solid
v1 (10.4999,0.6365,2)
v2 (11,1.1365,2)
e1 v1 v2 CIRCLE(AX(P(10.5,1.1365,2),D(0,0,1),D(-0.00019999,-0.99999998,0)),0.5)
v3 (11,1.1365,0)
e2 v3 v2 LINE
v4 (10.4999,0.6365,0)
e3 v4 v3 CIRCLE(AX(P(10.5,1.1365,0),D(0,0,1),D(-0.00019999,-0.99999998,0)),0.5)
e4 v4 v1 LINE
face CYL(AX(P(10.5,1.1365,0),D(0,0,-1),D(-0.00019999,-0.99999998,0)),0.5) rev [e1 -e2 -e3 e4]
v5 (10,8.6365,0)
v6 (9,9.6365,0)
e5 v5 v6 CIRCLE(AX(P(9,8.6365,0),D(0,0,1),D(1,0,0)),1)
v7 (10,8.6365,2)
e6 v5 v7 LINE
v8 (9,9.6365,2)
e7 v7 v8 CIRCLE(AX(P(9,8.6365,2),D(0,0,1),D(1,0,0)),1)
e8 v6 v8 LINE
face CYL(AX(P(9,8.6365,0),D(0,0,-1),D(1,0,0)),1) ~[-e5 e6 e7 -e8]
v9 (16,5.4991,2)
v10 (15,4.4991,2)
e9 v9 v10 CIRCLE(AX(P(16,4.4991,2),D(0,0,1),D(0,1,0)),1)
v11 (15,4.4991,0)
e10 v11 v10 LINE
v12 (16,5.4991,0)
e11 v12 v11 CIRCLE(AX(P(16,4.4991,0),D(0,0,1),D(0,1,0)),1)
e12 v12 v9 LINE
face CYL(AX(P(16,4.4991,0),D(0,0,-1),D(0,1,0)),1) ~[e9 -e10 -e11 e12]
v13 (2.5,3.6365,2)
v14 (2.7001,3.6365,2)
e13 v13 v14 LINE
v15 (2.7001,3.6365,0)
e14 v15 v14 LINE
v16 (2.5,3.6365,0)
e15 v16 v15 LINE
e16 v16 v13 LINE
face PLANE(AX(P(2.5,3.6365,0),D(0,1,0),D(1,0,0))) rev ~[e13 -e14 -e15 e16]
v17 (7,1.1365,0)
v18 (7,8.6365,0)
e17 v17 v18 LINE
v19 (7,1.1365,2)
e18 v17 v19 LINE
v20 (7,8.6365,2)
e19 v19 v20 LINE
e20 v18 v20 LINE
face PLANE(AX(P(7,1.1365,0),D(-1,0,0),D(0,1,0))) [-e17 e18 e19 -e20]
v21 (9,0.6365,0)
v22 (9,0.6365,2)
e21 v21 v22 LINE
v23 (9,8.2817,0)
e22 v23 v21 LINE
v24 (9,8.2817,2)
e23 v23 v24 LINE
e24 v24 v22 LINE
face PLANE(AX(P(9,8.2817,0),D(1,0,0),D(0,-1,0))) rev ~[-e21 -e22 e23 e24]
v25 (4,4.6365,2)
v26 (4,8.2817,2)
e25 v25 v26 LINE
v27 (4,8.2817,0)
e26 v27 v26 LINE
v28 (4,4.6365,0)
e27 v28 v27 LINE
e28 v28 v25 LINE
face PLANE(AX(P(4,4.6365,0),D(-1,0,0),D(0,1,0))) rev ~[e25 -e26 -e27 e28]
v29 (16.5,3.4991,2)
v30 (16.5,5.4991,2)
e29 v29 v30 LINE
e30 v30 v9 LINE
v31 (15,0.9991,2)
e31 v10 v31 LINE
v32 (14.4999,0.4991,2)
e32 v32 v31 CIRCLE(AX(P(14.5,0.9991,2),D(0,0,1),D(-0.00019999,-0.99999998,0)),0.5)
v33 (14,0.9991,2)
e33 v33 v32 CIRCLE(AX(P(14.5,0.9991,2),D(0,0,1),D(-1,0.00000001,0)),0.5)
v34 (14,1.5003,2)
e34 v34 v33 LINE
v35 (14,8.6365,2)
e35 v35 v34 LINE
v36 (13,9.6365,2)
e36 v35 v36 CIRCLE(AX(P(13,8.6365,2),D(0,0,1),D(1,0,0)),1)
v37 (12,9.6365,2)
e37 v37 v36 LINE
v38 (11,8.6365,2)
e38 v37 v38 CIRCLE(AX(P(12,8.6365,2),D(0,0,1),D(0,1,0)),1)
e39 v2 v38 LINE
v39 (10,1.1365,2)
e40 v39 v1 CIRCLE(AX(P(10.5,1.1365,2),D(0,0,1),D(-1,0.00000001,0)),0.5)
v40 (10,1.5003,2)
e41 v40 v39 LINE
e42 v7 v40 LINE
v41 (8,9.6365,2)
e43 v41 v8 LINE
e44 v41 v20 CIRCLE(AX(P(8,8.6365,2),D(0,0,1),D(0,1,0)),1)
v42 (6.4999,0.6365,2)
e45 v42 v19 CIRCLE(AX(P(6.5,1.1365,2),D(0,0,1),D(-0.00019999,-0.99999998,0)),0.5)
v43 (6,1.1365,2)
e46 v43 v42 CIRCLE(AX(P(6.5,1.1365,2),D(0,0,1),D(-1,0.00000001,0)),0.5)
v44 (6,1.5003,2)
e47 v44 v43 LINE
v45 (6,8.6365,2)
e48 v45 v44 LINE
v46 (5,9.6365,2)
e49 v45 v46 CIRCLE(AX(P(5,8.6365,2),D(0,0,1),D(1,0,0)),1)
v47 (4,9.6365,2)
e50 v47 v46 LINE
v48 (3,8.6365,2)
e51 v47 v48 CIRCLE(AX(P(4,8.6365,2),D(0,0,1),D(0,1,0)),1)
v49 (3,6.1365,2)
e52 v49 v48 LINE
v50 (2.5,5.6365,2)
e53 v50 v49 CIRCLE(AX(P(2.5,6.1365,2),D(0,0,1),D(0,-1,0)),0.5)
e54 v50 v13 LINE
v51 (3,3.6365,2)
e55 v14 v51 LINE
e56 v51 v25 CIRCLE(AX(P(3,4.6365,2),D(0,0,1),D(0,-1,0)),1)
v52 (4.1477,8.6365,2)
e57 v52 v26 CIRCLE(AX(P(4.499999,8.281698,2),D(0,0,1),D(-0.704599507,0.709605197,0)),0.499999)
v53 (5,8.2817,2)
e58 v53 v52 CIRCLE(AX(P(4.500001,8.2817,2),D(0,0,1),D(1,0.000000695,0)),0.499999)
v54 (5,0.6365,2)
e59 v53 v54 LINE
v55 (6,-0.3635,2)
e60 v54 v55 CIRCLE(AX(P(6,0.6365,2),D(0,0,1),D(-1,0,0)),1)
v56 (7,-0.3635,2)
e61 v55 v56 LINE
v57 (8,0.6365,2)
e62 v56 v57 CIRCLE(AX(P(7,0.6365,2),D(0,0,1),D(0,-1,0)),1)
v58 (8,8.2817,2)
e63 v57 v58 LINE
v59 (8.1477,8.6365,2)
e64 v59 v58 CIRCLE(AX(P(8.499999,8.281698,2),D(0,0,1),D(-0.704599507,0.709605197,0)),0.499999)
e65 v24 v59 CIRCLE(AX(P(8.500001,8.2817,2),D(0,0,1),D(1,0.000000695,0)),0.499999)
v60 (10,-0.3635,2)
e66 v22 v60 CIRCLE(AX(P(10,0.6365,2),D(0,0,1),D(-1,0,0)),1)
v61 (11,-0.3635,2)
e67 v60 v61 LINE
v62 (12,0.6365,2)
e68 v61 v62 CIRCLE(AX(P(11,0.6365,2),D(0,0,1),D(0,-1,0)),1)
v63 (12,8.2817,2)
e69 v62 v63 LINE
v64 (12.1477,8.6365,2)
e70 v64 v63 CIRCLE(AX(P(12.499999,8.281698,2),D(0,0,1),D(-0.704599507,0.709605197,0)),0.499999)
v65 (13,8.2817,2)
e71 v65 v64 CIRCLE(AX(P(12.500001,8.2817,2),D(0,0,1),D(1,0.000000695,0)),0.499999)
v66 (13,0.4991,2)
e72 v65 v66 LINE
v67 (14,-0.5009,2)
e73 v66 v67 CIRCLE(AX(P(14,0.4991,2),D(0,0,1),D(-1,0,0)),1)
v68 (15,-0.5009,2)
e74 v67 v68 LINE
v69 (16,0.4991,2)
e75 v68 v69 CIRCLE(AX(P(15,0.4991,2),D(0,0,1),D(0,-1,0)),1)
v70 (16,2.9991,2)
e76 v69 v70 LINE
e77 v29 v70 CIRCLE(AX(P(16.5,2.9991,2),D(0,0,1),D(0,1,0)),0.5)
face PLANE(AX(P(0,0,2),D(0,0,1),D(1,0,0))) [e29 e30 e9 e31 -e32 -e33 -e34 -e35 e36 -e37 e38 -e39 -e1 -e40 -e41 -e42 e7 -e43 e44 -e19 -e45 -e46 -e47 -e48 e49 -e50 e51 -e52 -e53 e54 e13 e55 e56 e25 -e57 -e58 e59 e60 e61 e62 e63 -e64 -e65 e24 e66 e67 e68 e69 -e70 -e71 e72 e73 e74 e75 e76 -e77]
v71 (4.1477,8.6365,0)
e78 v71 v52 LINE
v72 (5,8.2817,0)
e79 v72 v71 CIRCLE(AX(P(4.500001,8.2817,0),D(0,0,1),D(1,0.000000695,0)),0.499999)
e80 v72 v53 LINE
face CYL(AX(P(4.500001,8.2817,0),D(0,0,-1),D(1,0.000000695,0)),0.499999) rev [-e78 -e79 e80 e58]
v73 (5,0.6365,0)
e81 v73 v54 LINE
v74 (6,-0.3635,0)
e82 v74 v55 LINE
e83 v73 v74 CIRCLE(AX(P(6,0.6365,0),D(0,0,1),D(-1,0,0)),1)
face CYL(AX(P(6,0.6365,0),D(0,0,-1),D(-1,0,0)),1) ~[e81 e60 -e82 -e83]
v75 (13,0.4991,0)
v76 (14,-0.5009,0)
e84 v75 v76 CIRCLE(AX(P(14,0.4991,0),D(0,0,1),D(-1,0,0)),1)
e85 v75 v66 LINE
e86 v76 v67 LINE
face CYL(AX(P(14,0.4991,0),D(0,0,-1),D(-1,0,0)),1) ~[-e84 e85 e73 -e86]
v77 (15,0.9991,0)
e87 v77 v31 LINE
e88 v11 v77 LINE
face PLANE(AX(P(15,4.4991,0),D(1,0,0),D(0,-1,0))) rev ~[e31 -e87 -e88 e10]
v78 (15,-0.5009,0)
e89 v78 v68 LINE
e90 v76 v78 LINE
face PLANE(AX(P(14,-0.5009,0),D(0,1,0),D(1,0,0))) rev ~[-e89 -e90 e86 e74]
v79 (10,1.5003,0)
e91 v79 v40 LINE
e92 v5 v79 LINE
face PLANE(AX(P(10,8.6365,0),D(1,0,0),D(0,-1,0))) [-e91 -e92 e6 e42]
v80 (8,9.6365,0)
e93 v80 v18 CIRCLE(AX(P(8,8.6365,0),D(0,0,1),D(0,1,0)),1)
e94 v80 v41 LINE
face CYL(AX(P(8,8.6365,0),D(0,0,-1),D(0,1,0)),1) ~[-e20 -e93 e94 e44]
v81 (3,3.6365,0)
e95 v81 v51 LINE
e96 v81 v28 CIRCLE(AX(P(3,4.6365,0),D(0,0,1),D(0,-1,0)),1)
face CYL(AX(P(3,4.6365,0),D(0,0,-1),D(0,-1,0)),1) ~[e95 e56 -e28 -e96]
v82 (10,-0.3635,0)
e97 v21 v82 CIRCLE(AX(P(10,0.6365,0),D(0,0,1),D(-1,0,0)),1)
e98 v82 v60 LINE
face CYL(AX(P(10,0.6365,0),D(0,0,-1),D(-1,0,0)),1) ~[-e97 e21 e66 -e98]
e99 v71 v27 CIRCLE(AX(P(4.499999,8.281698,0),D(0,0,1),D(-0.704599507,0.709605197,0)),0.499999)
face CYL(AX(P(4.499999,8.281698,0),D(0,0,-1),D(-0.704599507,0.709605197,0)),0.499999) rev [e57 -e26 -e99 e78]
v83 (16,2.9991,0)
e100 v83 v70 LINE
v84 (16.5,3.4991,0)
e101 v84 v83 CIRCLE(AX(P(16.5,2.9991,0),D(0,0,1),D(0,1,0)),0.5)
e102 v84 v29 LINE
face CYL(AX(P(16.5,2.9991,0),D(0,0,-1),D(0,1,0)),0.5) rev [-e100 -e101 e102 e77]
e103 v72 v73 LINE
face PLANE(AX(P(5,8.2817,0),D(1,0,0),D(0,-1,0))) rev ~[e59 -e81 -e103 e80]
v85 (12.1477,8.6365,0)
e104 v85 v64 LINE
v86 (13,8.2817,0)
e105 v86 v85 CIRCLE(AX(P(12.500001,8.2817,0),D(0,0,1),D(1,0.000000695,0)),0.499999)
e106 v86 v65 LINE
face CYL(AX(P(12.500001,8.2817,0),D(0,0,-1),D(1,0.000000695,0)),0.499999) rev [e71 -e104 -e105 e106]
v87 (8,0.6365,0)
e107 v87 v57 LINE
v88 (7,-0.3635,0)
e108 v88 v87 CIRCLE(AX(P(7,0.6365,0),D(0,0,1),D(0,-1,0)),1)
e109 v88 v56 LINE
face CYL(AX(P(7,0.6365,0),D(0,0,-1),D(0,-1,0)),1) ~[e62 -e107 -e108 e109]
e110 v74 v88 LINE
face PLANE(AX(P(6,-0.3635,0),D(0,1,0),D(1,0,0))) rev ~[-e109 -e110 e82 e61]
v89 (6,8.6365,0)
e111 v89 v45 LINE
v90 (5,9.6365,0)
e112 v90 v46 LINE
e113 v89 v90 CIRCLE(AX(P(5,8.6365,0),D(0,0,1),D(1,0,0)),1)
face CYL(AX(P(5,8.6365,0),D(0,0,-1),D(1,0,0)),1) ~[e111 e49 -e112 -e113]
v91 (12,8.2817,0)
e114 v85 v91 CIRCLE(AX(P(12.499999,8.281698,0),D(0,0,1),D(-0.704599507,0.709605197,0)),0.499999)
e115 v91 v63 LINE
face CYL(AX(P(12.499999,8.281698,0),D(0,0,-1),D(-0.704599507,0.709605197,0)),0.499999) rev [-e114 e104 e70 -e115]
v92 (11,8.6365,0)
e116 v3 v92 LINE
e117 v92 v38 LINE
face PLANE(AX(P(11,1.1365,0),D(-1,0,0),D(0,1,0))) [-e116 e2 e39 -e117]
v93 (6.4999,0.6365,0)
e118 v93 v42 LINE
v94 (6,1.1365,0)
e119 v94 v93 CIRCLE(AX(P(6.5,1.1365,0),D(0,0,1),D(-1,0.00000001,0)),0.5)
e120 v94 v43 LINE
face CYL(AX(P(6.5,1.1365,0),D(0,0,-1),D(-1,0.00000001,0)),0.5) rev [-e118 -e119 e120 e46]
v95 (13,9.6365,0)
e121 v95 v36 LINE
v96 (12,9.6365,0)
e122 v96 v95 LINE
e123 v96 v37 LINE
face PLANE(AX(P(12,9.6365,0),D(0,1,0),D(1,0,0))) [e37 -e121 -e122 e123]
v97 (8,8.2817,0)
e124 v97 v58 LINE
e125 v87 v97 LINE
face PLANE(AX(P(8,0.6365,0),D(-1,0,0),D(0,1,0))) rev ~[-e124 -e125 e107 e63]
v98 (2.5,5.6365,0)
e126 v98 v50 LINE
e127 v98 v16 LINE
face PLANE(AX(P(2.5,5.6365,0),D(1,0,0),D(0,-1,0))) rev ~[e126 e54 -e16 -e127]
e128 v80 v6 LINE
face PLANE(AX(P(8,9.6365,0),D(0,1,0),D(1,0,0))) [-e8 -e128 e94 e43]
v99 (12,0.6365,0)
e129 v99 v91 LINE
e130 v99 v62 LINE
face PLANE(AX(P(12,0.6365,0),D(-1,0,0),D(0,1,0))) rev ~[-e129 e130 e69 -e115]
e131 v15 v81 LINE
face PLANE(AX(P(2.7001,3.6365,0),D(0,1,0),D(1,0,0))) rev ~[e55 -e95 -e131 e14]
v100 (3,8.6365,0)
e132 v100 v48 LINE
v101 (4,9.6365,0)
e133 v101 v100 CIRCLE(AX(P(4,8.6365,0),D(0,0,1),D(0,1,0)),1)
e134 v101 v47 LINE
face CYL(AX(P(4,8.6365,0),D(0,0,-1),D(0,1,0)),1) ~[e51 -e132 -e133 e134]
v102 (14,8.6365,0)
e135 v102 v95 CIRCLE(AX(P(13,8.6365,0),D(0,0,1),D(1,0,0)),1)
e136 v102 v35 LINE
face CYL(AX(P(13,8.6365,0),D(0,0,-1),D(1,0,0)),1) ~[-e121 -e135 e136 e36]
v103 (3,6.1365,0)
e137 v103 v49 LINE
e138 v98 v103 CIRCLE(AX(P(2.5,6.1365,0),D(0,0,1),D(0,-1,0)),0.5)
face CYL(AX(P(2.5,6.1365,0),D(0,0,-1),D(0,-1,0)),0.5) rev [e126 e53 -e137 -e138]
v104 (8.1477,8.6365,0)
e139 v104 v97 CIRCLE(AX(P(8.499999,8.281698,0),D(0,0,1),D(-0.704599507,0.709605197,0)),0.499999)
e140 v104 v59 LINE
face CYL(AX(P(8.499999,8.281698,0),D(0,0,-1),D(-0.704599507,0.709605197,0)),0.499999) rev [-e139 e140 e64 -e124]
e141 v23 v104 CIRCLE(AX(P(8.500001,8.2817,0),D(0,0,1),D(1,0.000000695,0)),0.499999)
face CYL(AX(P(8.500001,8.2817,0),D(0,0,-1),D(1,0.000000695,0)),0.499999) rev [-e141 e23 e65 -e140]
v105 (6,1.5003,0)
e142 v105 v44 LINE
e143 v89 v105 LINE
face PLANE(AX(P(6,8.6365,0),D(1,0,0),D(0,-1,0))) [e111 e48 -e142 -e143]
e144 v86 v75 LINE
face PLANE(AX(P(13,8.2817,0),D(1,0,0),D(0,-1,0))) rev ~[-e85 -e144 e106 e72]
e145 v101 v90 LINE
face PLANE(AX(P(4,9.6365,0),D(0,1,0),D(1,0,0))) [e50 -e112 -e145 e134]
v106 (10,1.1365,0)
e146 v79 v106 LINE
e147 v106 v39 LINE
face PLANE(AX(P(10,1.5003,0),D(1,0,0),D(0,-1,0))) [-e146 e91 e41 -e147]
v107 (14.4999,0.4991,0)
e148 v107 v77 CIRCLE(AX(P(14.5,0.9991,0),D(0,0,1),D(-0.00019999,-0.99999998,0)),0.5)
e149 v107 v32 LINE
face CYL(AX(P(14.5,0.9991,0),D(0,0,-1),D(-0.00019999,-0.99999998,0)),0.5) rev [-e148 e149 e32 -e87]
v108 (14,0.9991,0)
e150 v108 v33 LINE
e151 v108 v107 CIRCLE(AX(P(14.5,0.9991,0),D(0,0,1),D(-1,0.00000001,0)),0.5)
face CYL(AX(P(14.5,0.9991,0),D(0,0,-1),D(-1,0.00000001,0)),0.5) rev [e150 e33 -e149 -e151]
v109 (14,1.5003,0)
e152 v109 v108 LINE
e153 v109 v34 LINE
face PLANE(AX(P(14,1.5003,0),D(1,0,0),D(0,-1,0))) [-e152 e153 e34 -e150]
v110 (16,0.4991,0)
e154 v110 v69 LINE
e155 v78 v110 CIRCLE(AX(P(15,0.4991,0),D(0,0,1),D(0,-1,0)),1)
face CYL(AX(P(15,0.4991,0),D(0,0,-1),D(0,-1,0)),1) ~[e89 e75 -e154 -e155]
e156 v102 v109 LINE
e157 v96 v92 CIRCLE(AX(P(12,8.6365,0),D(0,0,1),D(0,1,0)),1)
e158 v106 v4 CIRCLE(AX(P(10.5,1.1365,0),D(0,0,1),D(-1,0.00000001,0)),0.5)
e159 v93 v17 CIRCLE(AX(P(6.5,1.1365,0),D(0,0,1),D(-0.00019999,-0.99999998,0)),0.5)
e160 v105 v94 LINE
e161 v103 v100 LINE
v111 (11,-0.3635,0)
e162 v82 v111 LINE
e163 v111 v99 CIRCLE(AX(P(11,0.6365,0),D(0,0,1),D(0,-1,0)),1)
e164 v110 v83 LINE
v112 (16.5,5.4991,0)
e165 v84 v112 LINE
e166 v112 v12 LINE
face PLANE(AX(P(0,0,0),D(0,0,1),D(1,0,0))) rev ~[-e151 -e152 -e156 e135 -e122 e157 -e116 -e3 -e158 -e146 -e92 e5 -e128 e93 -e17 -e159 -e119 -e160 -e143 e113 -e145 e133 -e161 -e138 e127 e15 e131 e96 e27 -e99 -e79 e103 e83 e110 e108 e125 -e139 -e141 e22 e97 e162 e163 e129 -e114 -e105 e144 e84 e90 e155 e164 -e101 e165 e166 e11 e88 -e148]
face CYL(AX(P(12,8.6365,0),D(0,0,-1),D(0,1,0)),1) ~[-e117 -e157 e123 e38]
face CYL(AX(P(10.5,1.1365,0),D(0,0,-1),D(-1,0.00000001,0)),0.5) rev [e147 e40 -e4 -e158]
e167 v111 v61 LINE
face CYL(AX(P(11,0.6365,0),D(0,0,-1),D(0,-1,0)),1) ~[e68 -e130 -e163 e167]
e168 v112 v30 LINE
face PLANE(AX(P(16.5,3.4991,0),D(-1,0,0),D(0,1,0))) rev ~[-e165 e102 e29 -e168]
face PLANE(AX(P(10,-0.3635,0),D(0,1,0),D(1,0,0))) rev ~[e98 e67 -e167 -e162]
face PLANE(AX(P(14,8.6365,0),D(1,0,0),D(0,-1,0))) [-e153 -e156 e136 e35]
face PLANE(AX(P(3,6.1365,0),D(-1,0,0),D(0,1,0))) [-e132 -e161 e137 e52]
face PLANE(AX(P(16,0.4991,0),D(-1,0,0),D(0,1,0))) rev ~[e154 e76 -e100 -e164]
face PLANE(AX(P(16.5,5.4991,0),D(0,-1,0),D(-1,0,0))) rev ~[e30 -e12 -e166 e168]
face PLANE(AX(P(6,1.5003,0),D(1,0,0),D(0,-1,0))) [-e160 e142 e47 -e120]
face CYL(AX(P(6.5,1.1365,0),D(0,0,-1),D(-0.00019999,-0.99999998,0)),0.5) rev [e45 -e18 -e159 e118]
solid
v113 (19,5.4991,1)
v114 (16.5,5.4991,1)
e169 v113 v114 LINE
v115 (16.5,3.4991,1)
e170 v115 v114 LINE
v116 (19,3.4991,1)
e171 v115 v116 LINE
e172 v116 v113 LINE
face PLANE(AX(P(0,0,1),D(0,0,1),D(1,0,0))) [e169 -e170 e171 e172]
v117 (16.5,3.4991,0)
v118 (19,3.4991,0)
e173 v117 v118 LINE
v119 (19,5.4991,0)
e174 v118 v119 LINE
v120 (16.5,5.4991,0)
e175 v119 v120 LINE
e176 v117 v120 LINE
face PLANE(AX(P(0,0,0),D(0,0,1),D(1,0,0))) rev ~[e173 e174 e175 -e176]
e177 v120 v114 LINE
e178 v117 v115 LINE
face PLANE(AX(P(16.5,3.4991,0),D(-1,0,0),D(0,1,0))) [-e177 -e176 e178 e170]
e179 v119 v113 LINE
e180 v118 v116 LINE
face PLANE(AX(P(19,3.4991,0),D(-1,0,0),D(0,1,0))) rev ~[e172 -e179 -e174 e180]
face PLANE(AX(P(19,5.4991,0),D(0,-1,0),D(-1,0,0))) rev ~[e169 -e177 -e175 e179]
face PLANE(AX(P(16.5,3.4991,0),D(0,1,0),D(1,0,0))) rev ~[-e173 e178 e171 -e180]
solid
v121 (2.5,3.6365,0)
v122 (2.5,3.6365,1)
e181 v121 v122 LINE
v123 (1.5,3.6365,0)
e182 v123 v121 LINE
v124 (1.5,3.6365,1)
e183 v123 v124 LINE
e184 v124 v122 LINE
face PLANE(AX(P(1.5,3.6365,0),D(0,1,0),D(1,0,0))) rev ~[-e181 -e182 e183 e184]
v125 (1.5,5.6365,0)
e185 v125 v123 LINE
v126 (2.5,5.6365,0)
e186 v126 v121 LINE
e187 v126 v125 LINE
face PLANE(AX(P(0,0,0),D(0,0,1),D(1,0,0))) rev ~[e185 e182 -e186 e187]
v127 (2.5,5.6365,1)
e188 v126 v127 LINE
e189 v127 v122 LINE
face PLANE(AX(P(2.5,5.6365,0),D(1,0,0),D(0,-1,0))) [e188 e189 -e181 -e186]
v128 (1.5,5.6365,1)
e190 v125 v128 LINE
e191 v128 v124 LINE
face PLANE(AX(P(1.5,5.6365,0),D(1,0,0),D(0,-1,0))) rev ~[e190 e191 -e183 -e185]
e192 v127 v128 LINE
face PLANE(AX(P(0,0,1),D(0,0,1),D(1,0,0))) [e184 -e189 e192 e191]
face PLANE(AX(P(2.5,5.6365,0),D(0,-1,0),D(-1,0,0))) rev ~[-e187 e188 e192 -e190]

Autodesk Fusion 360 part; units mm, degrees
sketch "Sketch1" plane through (0, 0, 0) normal (0, 0, 1) x (1, 0, 0)
  line L0 (2.5, 5.6365) -> (1.5, 5.6365)
  line L1 (1.5, 5.6365) -> (1.5, 3.6365)
  line L2 (1.5, 3.6365) -> (2.7001, 3.6365)
  line L3 (2.7001, 3.6365) -> (3, 3.6365)
  line L4 (4, 4.6365) -> (4, 8.2817)
  line L5 (5, 8.2817) -> (5, 0.6365)
  line L6 (3, 6.1365) -> (3, 8.6365)
  line L7 (4, 9.6365) -> (5, 9.6365)
  line L8 (6, 8.6365) -> (6, 1.5003)
  arc A0 (3, 3.6365) -> (4, 4.6365) centre (3, 4.6365) ccw
  arc A1 (4, 9.6365) -> (3, 8.6365) centre (4, 8.6365) ccw
  arc A2 (6, 8.6365) -> (5, 9.6365) centre (5, 8.6365) ccw
  arc A3 (4.1477, 8.6365) -> (4, 8.2817) centre (4.5, 8.2817) ccw
  arc A4 (5, 8.2817) -> (4.1477, 8.6365) centre (4.5, 8.2817) ccw
  line L9 (6, 1.5003) -> (6, 1.1365)
  line L10 (6, -0.3635) -> (7, -0.3635)
  arc A5 (5, 0.6365) -> (6, -0.3635) centre (6, 0.6365) ccw
  arc A6 (6, 1.1365) -> (6.4999, 0.6365) centre (6.5, 1.1365) ccw
  line L11 (7, 1.1365) -> (7, 8.6365)
  arc A7 (6.4999, 0.6365) -> (7, 1.1365) centre (6.5, 1.1365) ccw
  line L12 (8, 0.6365) -> (8, 8.2817)
  arc A8 (7, -0.3635) -> (8, 0.6365) centre (7, 0.6365) ccw
  arc A9 (2.5, 5.6365) -> (3, 6.1365) centre (2.5, 6.1365) ccw
  line L13 (2.5, 5.6365) -> (2.5, 3.6365)
  arc A10 (8, 9.6365) -> (7, 8.6365) centre (8, 8.6365) ccw
  arc A11 (8.1477, 8.6365) -> (8, 8.2817) centre (8.5, 8.2817) ccw
  arc A12 (9, 8.2817) -> (8.1477, 8.6365) centre (8.5, 8.2817) ccw
  line L14 (8, 9.6365) -> (9, 9.6365)
  arc A13 (10, 8.6365) -> (9, 9.6365) centre (9, 8.6365) ccw
  line L15 (9, 8.2817) -> (9, 0.6365)
  line L16 (10, 8.6365) -> (10, 1.5003)
  line L17 (11, 1.1365) -> (11, 8.6365)
  line L18 (12, 0.6365) -> (12, 8.2817)
  arc A14 (11, -0.3635) -> (12, 0.6365) centre (11, 0.6365) ccw
  arc A15 (10.4999, 0.6365) -> (11, 1.1365) centre (10.5, 1.1365) ccw
  arc A16 (10, 1.1365) -> (10.4999, 0.6365) centre (10.5, 1.1365) ccw
  line L19 (10, 1.5003) -> (10, 1.1365)
  arc A17 (9, 0.6365) -> (10, -0.3635) centre (10, 0.6365) ccw
  line L20 (10, -0.3635) -> (11, -0.3635)
  arc A18 (12, 9.6365) -> (11, 8.6365) centre (12, 8.6365) ccw
  arc A19 (12.1477, 8.6365) -> (12, 8.2817) centre (12.5, 8.2817) ccw
  arc A20 (13, 8.2817) -> (12.1477, 8.6365) centre (12.5, 8.2817) ccw
  line L21 (12, 9.6365) -> (13, 9.6365)
  arc A21 (14, 8.6365) -> (13, 9.6365) centre (13, 8.6365) ccw
  line L22 (13, 8.2817) -> (13, 0.4991)
  line L23 (14, 8.6365) -> (14, 1.5003)
  arc A22 (15, -0.5009) -> (16, 0.4991) centre (15, 0.4991) ccw
  arc A23 (14.4999, 0.4991) -> (15, 0.9991) centre (14.5, 0.9991) ccw
  arc A24 (14, 0.9991) -> (14.4999, 0.4991) centre (14.5, 0.9991) ccw
  line L24 (14, 1.5003) -> (14, 0.9991)
  arc A25 (13, 0.4991) -> (14, -0.5009) centre (14, 0.4991) ccw
  line L25 (14, -0.5009) -> (15, -0.5009)
  line L26 (16, 0.4991) -> (16, 2.9991)
  line L27 (16.5, 3.4991) -> (19, 3.4991)
  line L28 (19, 3.4991) -> (19, 5.4991)
  line L29 (19, 5.4991) -> (16, 5.4991)
  line L30 (16.5, 3.4991) -> (16.5, 5.4991)
  line L31 (15, 4.4991) -> (15, 0.9991)
  arc A26 (16.5, 3.4991) -> (16, 2.9991) centre (16.5, 2.9991) ccw
  arc A27 (16, 5.4991) -> (15, 4.4991) centre (16, 4.4991) ccw
  point P0 (3, 5.6365)
  point P1 (5, -0.3635)
  point P2 (16, 3.4991)
  dimension "d1" = 1
  dimension "d2" = 1
  dimension "d3" = 1
  dimension "d4" = 1
  dimension "d5" = 1
  dimension "d6" = 0.5
  dimension "d8" = 4
  dimension "d9" = 1
  dimension "d10" = 0.5
  dimension "d11" = 1
  dimension "d12" = 0.5
  dimension "d13" = 1
  dimension "d14" = 1
  dimension "d15" = 1
  dimension "d17" = 1
  dimension "d18" = 2
  dimension "d37" = 0.5
  dimension "d41" = 1
  dimension "d55" = 1
  dimension "d58" = 4
  dimension "d59" = 0
  dimension "d60" = 3
  dimension "d61" = 4
  dimension "d63" = 2
  dimension "d65" = 0.5
  dimension "d66" = 1
  dimension "d69" = 3
  dimension "d70" = 2.5
  dimension "d69" = 3
extrude "Extrude6" add sketch "Sketch1" along normal blind 1 contours L0 L1 L2 L13 | L27 L28 L29 L30 makes body 1 at (2.1666, 4.3032, 0) makes body 2 at (18.1667, 4.1658, 0)
extrude "Extrude5" add sketch "Sketch1" along normal blind 2 separate body contours L2 L3 L4 L5 L6 L7 L8 A0 A1 A2 A3 A4 L9 L10 A5 A6 L11 A7 L12 A8 A9 L13 A10 A11 A12 L14 A13 L15 L16 L17 L18 A14 A15 A16 L19 A17 L20 A18 A19 A20 L21 A21 L22 L23 A22 A23 A24 L24 A25 L25 L26 L29 L30 L31 A26 A27 makes body 3
equation "d69 = 557fdcba-3344-46c9-b6e3-04745b4f979f"
